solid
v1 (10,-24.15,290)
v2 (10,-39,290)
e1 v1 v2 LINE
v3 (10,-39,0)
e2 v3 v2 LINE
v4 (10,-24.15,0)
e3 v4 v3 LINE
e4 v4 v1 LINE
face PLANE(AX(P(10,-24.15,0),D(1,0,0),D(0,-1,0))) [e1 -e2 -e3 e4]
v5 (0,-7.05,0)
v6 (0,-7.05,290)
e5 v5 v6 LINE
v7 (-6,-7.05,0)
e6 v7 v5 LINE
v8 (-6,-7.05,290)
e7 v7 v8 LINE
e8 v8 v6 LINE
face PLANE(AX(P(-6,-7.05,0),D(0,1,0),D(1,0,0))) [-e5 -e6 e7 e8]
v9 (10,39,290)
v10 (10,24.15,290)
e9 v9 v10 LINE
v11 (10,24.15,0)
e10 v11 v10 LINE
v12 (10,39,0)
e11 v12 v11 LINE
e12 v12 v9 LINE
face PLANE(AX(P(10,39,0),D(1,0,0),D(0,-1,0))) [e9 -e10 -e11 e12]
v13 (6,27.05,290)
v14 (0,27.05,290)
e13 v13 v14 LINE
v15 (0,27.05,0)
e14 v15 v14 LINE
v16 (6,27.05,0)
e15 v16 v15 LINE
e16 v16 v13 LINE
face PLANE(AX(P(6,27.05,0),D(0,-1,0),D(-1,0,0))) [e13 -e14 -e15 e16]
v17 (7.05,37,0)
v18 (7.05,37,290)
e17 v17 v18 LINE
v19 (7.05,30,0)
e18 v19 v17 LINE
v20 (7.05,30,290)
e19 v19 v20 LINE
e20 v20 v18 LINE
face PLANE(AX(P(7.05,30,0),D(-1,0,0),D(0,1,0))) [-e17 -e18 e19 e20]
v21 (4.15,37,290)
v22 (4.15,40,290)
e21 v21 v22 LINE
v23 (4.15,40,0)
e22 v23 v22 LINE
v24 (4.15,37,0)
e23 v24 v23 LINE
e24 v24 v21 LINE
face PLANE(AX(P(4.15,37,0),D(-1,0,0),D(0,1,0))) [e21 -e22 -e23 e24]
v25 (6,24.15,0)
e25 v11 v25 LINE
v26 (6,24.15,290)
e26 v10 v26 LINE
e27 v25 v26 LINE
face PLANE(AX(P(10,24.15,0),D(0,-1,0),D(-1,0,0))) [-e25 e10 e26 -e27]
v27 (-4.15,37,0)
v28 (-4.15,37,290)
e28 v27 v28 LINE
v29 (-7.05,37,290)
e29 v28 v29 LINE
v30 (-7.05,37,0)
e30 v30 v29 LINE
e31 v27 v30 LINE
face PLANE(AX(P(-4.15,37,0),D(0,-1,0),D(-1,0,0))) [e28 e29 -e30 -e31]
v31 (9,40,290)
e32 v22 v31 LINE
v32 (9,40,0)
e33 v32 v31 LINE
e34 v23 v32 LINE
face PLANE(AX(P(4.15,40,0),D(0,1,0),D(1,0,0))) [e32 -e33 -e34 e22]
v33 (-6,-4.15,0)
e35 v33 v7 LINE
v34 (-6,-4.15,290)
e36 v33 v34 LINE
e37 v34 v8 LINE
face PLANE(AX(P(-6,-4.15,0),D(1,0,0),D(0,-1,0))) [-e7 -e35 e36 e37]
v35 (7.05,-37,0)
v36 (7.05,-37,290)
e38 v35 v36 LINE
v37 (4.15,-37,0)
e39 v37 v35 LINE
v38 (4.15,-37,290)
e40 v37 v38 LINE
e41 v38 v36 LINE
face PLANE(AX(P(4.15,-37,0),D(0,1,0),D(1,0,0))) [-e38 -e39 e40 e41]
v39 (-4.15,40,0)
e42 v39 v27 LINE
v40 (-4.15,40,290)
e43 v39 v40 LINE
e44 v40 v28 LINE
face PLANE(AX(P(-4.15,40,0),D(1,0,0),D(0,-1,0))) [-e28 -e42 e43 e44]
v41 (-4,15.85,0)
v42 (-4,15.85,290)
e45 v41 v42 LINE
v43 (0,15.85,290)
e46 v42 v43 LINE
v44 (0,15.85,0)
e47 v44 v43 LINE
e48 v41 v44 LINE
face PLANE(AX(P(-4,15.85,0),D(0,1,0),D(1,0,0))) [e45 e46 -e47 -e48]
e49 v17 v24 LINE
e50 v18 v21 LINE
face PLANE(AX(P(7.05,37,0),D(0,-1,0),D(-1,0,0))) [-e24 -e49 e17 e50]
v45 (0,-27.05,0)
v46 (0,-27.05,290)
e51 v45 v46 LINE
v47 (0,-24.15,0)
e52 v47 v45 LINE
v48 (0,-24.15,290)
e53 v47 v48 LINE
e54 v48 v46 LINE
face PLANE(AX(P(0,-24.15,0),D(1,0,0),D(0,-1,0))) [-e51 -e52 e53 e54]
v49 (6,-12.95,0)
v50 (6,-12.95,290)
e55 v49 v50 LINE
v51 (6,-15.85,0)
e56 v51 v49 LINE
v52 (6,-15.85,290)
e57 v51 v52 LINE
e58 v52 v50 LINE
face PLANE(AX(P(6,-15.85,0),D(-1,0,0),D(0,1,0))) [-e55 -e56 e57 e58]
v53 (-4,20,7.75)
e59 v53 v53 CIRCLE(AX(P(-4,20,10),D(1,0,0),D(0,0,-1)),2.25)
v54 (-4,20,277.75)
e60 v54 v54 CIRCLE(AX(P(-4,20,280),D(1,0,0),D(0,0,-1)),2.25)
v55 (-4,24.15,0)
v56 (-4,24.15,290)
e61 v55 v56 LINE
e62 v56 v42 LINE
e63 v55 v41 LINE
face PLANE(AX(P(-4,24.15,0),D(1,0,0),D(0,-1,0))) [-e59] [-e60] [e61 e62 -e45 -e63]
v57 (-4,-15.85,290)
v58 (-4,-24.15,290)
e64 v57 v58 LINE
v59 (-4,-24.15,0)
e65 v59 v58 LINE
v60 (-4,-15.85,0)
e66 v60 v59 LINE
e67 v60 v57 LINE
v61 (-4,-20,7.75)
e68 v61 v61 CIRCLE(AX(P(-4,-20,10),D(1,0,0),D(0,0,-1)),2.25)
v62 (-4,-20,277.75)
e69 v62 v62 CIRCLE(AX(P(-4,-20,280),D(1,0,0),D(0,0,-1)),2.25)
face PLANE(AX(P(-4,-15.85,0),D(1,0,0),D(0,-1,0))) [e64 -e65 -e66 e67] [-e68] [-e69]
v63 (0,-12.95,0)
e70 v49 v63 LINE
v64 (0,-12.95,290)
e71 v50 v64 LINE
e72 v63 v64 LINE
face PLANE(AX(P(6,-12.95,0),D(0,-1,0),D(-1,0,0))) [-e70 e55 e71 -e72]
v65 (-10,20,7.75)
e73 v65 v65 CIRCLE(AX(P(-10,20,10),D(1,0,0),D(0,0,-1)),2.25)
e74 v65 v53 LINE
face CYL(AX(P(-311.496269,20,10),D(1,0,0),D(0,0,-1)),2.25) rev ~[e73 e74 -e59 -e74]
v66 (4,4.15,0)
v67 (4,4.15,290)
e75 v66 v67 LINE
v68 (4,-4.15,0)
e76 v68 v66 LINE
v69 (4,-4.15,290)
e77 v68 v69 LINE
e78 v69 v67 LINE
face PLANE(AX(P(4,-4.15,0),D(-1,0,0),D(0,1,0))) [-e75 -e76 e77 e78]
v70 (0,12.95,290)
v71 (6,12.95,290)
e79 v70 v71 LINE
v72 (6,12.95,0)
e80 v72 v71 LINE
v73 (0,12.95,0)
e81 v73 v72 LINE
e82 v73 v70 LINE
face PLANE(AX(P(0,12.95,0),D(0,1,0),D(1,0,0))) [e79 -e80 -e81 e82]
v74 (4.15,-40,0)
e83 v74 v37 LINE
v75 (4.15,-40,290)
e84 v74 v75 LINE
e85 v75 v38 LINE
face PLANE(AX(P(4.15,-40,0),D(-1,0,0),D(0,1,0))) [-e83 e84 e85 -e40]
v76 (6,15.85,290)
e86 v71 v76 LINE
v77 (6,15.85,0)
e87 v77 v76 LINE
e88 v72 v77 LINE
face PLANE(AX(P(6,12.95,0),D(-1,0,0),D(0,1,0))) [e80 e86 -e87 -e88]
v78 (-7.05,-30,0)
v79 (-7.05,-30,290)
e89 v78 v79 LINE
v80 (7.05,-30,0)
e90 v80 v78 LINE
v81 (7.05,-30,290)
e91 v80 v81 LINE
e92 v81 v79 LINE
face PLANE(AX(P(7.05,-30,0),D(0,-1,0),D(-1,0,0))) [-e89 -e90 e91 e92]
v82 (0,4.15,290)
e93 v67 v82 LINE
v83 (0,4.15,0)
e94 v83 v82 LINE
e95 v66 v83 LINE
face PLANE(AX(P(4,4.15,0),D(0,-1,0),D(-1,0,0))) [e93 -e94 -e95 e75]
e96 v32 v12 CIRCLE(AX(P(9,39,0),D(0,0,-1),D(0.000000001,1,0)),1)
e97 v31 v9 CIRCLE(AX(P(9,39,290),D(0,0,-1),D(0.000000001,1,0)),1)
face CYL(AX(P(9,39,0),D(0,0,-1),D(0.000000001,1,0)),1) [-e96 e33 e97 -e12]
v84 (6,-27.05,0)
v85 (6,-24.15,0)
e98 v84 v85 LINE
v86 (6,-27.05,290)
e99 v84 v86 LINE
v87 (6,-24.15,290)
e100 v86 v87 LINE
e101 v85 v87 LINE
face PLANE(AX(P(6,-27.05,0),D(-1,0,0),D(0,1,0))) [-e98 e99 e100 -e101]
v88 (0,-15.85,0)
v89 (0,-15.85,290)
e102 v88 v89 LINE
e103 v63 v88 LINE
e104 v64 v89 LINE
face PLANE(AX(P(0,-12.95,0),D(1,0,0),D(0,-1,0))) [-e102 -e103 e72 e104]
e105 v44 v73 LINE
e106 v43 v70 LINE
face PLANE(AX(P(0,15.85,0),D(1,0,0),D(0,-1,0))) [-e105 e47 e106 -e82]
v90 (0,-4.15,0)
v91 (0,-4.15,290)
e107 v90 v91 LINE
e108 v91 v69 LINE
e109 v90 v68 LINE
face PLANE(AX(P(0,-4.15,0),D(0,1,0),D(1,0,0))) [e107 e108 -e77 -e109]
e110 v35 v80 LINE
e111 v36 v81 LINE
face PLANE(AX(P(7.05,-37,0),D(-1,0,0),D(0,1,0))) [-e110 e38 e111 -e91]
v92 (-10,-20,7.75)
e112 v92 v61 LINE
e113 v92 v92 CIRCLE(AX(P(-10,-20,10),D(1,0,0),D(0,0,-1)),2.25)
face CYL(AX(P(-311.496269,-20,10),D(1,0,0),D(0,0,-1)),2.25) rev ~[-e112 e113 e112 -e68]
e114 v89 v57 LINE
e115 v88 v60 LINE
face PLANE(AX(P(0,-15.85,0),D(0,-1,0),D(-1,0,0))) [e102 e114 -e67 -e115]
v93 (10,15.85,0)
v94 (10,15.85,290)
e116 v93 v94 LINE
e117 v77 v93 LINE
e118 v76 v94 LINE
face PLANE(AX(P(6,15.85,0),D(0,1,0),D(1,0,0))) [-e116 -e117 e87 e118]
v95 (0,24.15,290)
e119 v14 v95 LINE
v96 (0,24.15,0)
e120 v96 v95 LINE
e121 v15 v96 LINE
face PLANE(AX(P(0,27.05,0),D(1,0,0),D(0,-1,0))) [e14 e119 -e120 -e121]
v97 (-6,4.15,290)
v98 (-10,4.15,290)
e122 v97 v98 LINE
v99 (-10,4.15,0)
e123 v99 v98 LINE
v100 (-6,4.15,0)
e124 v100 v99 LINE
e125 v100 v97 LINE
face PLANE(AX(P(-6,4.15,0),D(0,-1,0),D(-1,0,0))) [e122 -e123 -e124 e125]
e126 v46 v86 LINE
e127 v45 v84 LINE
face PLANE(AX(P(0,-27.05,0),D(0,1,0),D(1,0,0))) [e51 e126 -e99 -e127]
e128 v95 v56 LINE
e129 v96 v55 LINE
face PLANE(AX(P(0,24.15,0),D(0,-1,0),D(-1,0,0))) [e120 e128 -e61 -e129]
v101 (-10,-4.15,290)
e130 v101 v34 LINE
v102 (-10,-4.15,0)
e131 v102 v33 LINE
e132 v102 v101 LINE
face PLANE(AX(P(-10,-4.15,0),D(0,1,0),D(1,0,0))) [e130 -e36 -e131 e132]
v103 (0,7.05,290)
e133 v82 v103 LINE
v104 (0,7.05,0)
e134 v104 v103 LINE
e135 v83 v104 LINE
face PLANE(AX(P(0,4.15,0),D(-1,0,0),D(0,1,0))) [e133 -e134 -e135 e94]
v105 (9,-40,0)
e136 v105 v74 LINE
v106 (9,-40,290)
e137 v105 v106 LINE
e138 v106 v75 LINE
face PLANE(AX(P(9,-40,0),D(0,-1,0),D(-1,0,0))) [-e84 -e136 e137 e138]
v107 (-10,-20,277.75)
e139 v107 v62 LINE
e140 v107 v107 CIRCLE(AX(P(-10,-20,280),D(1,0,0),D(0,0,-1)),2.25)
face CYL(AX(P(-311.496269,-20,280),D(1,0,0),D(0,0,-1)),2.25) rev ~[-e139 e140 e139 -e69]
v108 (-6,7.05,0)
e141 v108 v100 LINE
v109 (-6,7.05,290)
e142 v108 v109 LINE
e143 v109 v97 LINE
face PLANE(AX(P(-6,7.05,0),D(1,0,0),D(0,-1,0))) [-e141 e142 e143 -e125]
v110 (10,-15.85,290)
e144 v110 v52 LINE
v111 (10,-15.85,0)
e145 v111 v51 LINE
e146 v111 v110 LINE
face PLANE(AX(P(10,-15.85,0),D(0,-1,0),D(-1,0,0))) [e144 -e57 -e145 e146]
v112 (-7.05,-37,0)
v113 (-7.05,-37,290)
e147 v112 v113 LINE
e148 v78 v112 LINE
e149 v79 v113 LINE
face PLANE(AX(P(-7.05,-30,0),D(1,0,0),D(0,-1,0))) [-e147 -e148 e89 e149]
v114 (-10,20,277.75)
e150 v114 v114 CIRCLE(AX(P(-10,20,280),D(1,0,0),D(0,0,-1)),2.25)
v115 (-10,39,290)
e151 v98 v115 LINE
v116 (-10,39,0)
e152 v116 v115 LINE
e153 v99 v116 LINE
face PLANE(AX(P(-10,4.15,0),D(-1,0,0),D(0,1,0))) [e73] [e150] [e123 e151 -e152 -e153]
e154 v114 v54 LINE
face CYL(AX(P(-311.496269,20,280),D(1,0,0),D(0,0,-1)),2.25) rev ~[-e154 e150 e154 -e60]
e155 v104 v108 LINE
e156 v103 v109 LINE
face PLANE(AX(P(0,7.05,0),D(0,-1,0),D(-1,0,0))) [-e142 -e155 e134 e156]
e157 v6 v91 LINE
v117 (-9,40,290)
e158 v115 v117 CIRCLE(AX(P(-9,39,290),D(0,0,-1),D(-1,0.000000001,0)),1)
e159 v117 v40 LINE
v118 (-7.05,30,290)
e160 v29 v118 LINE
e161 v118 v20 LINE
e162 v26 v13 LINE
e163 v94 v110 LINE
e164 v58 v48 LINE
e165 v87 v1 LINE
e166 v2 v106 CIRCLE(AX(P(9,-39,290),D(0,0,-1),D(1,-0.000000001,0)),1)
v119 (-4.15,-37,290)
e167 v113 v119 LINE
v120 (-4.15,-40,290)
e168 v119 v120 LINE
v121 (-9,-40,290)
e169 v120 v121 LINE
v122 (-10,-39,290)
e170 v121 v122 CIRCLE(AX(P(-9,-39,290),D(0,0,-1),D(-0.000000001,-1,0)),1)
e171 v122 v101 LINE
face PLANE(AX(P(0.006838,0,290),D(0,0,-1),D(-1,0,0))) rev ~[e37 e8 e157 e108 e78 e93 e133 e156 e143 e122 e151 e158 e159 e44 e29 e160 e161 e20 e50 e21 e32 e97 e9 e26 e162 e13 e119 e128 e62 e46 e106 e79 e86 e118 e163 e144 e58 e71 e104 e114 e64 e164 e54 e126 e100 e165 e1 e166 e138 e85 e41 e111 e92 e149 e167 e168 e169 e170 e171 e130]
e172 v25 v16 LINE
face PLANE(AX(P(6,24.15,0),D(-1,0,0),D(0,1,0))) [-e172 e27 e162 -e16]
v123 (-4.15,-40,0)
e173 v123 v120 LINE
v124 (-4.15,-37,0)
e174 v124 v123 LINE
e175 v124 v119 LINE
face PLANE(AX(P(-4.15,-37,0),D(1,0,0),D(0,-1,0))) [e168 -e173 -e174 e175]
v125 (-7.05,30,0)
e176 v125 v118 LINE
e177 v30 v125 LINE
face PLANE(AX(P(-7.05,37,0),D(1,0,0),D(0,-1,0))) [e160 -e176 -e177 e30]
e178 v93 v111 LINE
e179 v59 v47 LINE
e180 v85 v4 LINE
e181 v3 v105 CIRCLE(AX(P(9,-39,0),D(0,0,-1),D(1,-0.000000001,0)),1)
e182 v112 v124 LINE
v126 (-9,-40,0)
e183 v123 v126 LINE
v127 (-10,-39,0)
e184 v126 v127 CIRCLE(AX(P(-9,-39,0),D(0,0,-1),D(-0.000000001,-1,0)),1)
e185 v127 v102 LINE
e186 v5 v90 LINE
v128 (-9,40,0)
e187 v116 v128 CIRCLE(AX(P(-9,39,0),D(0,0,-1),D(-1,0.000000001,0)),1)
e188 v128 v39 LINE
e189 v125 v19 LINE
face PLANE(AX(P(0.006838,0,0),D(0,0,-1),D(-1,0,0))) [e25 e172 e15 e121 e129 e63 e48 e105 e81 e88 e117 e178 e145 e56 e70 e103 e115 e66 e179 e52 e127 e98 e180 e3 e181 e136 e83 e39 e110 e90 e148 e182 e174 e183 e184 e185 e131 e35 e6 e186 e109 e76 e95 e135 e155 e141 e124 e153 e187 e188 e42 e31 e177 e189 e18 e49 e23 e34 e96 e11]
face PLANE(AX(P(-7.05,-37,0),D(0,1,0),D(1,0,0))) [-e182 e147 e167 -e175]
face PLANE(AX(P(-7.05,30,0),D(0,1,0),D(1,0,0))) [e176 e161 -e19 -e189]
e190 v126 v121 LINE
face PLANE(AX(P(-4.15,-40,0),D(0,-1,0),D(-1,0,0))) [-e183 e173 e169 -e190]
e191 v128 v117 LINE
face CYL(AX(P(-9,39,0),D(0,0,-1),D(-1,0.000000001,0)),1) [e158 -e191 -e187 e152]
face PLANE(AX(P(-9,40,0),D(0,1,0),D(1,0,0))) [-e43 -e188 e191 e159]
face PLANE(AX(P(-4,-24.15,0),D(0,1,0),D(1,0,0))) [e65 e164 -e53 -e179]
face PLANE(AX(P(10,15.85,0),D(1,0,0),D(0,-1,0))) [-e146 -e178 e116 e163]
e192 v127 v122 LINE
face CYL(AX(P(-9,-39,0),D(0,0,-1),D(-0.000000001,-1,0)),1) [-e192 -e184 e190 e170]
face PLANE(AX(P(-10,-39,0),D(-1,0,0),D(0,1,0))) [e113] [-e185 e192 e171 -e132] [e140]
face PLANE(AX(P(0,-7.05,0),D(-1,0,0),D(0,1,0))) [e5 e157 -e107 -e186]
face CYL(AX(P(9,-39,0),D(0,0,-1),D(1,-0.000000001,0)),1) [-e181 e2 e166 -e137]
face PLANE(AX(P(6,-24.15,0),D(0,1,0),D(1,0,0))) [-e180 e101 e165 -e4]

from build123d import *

# Parameters (mm, degrees)
EXTRUDE_1_DEPTH         = 290
HOLE_WIZARD_4_5_4_5_1_D = 4.5
HOLE_WIZARD_4_5_4_5_2_D = 4.5
HOLE_WIZARD_4_5_4_5_3_D = 4.5
HOLE_WIZARD_4_5_4_5_4_D = 4.5


with BuildPart() as part:
    # Sketch1 → 凸台-拉伸1 (new body)
    with BuildSketch(Plane.XY):
        with BuildLine():
            Line((-9, 40), (-4.15, 40))
            Line((-4.15, 40), (-4.15, 37))
            Line((-4.15, 37), (-7.05, 37))
            Line((-7.05, 37), (-7.05, 30))
            Line((-7.05, 30), (7.05, 30))
            Line((7.05, 30), (7.05, 37))
            Line((7.05, 37), (4.15, 37))
            Line((4.15, 37), (4.15, 40))
            Line((4.15, 40), (9, 40))
            ThreePointArc((9, 40), (9.707106781, 39.707106781), (10, 39))
            Line((10, 39), (10, 24.15))
            Line((10, 24.15), (6, 24.15))
            Line((6, 24.15), (6, 27.05))
            Line((6, 27.05), (0, 27.05))
            Line((0, 27.05), (0, 24.15))
            Line((0, 24.15), (-4, 24.15))
            Line((-4, 24.15), (-4, 15.85))
            Line((-4, 15.85), (0, 15.85))
            Line((0, 15.85), (0, 12.95))
            Line((0, 12.95), (6, 12.95))
            Line((6, 12.95), (6, 15.85))
            Line((6, 15.85), (10, 15.85))
            Line((10, 15.85), (10, -15.85))
            Line((10, -15.85), (6, -15.85))
            Line((6, -15.85), (6, -12.95))
            Line((6, -12.95), (0, -12.95))
            Line((0, -12.95), (0, -15.85))
            Line((0, -15.85), (-4, -15.85))
            Line((-4, -15.85), (-4, -24.15))
            Line((-4, -24.15), (0, -24.15))
            Line((0, -24.15), (0, -27.05))
            Line((0, -27.05), (6, -27.05))
            Line((6, -27.05), (6, -24.15))
            Line((6, -24.15), (10, -24.15))
            Line((10, -24.15), (10, -39))
            ThreePointArc((10, -39), (9.707106781, -39.707106781), (9, -40))
            Line((9, -40), (4.15, -40))
            Line((4.15, -40), (4.15, -37))
            Line((4.15, -37), (7.05, -37))
            Line((7.05, -37), (7.05, -30))
            Line((7.05, -30), (-7.05, -30))
            Line((-7.05, -30), (-7.05, -37))
            Line((-7.05, -37), (-4.15, -37))
            Line((-4.15, -37), (-4.15, -40))
            Line((-4.15, -40), (-9, -40))
            ThreePointArc((-9, -40), (-9.707106781, -39.707106781), (-10, -39))
            Line((-10, -39), (-10, -4.15))
            Line((-10, -4.15), (-6, -4.15))
            Line((-6, -4.15), (-6, -7.05))
            Line((-6, -7.05), (0, -7.05))
            Line((0, -7.05), (0, -4.15))
            Line((0, -4.15), (4, -4.15))
            Line((4, -4.15), (4, 4.15))
            Line((4, 4.15), (0, 4.15))
            Line((0, 4.15), (0, 7.05))
            Line((0, 7.05), (-6, 7.05))
            Line((-6, 7.05), (-6, 4.15))
            Line((-6, 4.15), (-10, 4.15))
            Line((-10, 4.15), (-10, 39))
            ThreePointArc((-10, 39), (-9.707106781, 39.707106781), (-9, 40))
        make_face()
    extrude(amount=EXTRUDE_1_DEPTH)

    # Ø4.5 (4.5) 直径孔1 (through all)
    with Locations(Plane.ZY.offset(10)):
        with Locations((10, 20)):
            Hole(HOLE_WIZARD_4_5_4_5_1_D / 2)

    # Ø4.5 (4.5) 直径孔2 (through all)
    with Locations(Plane.ZY.offset(10)):
        with Locations((280, 20)):
            Hole(HOLE_WIZARD_4_5_4_5_2_D / 2)

    # Ø4.5 (4.5) 直径孔3 (through all)
    with Locations(Plane.ZY.offset(10)):
        with Locations((10, -20)):
            Hole(HOLE_WIZARD_4_5_4_5_3_D / 2)

    # Ø4.5 (4.5) 直径孔4 (through all)
    with Locations(Plane.ZY.offset(10)):
        with Locations((280, -20)):
            Hole(HOLE_WIZARD_4_5_4_5_4_D / 2)


solid = part.part
